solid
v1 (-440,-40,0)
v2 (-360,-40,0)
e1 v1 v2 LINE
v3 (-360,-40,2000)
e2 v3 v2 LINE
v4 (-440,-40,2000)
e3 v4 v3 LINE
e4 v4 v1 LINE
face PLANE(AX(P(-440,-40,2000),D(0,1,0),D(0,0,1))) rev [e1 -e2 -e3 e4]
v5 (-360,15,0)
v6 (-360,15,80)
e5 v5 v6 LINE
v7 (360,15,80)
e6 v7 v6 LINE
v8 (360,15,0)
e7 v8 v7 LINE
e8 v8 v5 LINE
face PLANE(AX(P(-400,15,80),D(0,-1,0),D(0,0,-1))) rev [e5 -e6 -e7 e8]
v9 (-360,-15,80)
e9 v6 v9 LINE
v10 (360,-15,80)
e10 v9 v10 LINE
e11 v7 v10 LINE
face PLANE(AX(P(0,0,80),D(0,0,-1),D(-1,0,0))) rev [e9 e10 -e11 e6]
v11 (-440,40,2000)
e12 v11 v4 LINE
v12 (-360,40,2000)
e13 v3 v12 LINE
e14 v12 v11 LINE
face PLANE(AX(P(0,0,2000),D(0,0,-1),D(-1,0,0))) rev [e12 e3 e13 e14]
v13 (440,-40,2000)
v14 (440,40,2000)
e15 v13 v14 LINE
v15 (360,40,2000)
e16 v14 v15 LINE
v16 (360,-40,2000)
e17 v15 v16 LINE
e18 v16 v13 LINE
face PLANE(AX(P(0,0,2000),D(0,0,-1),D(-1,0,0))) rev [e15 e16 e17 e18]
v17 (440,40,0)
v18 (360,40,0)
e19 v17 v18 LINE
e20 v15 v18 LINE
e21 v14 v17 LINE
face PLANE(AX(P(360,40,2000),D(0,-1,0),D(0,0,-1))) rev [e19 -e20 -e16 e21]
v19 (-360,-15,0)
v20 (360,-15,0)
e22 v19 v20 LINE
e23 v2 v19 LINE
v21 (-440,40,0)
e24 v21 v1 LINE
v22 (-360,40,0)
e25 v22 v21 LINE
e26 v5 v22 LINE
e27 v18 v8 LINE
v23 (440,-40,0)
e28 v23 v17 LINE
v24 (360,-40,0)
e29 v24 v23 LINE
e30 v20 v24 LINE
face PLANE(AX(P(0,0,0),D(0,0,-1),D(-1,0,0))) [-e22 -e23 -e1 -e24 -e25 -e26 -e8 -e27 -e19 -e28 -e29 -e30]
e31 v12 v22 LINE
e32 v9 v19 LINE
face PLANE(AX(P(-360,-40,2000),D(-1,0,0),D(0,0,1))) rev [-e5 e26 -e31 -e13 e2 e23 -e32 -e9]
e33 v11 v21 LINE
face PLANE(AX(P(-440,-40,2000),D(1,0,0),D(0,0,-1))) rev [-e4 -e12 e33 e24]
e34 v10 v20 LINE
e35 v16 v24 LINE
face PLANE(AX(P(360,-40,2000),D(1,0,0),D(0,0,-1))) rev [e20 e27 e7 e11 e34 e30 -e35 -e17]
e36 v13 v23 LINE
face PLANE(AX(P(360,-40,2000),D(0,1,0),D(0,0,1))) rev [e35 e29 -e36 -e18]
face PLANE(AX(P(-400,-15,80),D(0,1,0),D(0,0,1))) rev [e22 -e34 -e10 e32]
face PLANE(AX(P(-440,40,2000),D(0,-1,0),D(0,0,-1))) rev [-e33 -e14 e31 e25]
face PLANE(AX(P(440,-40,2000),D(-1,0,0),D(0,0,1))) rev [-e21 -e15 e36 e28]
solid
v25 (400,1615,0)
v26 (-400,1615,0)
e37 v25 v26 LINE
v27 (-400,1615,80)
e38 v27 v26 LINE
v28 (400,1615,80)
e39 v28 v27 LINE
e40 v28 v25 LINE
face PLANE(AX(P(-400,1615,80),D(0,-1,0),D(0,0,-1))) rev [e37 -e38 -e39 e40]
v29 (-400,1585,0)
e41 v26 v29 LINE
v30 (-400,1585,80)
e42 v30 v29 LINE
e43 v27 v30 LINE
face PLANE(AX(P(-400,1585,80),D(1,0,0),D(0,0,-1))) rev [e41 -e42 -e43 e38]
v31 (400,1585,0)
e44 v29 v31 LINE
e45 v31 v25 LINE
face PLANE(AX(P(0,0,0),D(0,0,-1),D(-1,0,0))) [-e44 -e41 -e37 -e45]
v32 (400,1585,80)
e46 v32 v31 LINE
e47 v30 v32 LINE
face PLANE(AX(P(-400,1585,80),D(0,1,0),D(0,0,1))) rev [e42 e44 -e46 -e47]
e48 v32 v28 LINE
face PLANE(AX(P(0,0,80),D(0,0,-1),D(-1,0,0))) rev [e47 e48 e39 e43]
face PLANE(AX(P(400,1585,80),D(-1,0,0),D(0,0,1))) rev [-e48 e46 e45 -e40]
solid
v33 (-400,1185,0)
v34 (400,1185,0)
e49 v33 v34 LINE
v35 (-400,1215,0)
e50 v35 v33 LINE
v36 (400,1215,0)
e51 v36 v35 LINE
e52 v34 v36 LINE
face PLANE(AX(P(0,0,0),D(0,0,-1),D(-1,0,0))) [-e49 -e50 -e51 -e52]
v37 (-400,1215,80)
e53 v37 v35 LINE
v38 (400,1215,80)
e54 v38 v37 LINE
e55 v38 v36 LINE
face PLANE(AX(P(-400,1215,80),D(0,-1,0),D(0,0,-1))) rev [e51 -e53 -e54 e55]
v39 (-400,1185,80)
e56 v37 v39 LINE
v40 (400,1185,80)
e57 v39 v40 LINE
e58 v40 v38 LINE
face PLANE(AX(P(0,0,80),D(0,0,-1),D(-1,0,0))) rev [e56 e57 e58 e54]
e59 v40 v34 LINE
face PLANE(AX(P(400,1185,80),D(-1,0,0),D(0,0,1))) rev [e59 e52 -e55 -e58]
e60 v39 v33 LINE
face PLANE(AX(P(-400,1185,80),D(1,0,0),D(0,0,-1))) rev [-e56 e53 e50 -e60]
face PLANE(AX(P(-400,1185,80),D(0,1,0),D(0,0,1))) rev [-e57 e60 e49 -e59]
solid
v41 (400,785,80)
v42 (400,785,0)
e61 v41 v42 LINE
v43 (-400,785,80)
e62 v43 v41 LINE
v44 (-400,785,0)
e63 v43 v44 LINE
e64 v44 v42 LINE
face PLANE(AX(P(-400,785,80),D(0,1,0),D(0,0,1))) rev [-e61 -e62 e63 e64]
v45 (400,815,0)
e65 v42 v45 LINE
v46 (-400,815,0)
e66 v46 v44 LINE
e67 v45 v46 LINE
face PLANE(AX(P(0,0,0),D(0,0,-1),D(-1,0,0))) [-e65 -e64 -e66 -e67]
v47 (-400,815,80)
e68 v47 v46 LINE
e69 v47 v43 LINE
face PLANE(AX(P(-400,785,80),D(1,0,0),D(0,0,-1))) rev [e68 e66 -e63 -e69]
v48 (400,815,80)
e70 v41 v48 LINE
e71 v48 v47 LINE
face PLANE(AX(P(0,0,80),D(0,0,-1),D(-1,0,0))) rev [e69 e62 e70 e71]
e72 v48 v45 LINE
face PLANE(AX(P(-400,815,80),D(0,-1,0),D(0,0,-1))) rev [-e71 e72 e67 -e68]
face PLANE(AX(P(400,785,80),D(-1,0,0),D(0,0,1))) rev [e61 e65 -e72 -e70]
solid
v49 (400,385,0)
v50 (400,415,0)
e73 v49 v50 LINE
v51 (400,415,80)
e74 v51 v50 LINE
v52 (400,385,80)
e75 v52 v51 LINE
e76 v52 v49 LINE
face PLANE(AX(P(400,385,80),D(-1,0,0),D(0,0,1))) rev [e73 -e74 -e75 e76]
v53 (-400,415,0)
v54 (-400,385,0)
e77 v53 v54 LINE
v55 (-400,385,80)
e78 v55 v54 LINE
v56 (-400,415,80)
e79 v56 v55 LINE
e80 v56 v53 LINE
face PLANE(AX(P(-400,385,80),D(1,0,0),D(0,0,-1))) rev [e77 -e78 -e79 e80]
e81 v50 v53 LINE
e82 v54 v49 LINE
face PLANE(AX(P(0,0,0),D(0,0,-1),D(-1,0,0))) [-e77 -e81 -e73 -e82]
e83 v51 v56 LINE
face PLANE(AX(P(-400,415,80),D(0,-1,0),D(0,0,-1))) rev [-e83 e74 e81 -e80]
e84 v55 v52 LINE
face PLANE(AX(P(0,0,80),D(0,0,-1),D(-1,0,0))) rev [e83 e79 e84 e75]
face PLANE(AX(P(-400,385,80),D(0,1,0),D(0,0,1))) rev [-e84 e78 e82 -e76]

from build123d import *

# Parameters (mm, degrees)
SKETCH_1_W      = 80
SKETCH_1_H      = 80
EXTRUDE_1_DEPTH = 2000
SKETCH_2_W      = 80
SKETCH_2_H      = 80
EXTRUDE_2_DEPTH = 2000
SKETCH_3_W      = 800
SKETCH_3_H      = 30
EXTRUDE_3_DEPTH = 80
SKETCH_4_W      = 800
SKETCH_4_H      = 30
EXTRUDE_4_DEPTH = 80
SKETCH_5_W      = 800
SKETCH_5_H      = 30
EXTRUDE_5_DEPTH = 80
SKETCH_6_W      = 800
SKETCH_6_H      = 30
EXTRUDE_6_DEPTH = 80
SKETCH_7_W      = 800
SKETCH_7_H      = 30
EXTRUDE_7_DEPTH = 80


with BuildPart() as part:
    # 草图1 → 凸台-拉伸1 (new body)
    with BuildSketch(Plane.XY):
        with Locations((-400, 0)):
            Rectangle(SKETCH_1_W, SKETCH_1_H)
    extrude(amount=EXTRUDE_1_DEPTH)



with BuildPart() as body_2:
    # 草图2 → 凸台-拉伸2 (new body)
    with BuildSketch(Plane.XY):
        with Locations((400, 0)):
            Rectangle(SKETCH_2_W, SKETCH_2_H)
    extrude(amount=EXTRUDE_2_DEPTH)


with BuildPart() as part_1:
    add(part.part)

    add(body_2.part)  # 凸台-拉伸3 merges body 2
    # 草图3 → 凸台-拉伸3 (add)
    with BuildSketch(Plane.XY):
        Rectangle(SKETCH_3_W, SKETCH_3_H)
    extrude(amount=EXTRUDE_3_DEPTH)


with BuildPart() as body_2_2:
    # 草图4 → 凸台-拉伸4 (new body)
    with BuildSketch(Plane.XY):
        with Locations((0, 400)):
            Rectangle(SKETCH_4_W, SKETCH_4_H)
    extrude(amount=EXTRUDE_4_DEPTH)


with BuildPart() as body_3:
    # 草图5 → 凸台-拉伸5 (new body)
    with BuildSketch(Plane.XY):
        with Locations((0, 800)):
            Rectangle(SKETCH_5_W, SKETCH_5_H)
    extrude(amount=EXTRUDE_5_DEPTH)


with BuildPart() as body_4:
    # 草图6 → 凸台-拉伸6 (new body)
    with BuildSketch(Plane.XY):
        with Locations((0, 1200)):
            Rectangle(SKETCH_6_W, SKETCH_6_H)
    extrude(amount=EXTRUDE_6_DEPTH)


with BuildPart() as body_5:
    # 草图7 → 凸台-拉伸7 (new body)
    with BuildSketch(Plane.XY):
        with Locations((0, 1600)):
            Rectangle(SKETCH_7_W, SKETCH_7_H)
    extrude(amount=EXTRUDE_7_DEPTH)


solid = Compound([part_1.part, body_2_2.part, body_3.part, body_4.part, body_5.part])
